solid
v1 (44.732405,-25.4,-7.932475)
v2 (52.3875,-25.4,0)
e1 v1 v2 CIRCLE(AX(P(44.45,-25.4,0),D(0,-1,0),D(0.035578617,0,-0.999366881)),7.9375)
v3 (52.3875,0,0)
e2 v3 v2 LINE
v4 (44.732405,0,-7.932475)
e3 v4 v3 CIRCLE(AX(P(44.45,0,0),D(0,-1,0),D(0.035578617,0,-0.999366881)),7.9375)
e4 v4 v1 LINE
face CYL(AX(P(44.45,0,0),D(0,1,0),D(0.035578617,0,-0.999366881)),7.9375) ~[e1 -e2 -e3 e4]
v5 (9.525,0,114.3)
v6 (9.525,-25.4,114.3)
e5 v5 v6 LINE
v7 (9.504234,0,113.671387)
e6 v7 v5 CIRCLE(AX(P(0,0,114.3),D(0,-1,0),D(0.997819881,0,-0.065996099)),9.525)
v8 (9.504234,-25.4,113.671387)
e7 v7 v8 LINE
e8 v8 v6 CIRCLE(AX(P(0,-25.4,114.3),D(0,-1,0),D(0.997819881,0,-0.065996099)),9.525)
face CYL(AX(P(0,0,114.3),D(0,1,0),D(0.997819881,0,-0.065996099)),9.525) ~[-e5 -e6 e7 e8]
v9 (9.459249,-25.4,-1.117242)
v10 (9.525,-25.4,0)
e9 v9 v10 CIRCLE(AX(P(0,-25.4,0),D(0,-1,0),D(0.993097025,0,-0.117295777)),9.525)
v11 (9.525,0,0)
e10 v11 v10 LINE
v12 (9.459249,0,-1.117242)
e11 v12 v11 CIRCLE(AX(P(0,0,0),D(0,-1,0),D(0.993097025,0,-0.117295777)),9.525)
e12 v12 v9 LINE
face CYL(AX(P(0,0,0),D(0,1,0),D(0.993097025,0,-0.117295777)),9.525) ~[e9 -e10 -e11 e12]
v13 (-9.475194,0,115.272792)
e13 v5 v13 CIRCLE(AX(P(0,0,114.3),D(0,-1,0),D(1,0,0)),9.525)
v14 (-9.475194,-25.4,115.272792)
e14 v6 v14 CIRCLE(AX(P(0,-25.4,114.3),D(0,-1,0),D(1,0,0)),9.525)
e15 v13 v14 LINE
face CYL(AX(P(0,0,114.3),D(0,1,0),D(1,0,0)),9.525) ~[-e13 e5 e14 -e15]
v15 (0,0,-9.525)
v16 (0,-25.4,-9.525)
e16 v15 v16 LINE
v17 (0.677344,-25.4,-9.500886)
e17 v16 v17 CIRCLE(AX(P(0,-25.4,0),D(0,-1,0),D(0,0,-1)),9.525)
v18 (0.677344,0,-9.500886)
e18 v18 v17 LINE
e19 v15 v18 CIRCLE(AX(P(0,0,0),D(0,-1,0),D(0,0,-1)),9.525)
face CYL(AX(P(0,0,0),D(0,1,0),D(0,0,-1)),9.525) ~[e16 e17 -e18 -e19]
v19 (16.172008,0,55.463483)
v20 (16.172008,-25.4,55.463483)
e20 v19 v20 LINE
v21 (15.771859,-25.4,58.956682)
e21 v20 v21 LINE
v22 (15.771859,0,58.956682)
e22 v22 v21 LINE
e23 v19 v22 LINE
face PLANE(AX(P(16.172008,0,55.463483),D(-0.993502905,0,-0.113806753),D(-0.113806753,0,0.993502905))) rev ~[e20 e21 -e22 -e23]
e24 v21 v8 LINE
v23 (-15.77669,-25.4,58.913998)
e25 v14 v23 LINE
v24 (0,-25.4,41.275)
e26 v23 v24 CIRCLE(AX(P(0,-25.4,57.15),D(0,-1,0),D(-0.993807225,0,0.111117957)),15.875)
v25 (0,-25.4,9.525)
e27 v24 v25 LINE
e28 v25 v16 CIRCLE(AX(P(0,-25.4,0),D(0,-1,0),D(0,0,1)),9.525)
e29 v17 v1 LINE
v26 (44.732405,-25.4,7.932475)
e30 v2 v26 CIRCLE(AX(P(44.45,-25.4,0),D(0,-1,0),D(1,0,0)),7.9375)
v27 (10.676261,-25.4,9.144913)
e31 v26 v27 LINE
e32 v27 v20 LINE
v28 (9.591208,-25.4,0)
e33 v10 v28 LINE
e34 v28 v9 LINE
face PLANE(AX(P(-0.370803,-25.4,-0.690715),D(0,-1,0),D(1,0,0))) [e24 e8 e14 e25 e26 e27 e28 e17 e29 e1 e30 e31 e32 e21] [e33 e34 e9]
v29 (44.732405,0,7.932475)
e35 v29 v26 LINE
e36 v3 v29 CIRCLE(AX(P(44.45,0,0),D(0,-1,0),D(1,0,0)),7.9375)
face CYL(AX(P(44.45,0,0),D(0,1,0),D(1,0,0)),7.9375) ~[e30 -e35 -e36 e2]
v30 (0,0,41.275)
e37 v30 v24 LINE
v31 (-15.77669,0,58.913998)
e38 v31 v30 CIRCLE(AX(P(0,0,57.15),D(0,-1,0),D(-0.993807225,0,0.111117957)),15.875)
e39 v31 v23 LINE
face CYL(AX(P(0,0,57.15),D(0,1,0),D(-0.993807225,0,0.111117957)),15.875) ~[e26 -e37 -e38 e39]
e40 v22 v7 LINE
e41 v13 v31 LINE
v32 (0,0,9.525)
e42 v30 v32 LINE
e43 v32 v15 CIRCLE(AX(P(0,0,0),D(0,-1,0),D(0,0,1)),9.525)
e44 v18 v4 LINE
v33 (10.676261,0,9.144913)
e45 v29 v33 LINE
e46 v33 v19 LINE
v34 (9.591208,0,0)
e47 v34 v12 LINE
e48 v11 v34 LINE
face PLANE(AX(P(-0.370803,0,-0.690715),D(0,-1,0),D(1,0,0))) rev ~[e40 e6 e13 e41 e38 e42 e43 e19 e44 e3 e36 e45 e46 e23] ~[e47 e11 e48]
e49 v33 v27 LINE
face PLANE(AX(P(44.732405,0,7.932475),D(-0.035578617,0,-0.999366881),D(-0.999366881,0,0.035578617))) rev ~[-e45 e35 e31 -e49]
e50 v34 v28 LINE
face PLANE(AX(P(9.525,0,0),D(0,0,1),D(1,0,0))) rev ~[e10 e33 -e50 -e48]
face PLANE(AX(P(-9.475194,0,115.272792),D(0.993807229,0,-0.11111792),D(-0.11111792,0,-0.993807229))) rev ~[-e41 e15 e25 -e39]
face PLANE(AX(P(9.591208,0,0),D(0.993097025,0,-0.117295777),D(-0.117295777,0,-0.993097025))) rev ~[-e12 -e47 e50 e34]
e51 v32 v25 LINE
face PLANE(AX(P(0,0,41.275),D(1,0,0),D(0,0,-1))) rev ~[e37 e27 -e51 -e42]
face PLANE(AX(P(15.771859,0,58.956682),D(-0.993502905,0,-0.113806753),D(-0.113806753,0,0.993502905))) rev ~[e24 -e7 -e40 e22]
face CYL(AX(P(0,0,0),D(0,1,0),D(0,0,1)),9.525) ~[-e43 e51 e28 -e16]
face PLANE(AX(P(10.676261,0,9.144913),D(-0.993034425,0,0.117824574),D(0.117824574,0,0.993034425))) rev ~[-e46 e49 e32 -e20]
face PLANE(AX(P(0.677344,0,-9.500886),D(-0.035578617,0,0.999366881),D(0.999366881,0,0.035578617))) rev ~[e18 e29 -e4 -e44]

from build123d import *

# Parameters (mm, degrees)
F1_DEPTH = 25.4
F2_DEPTH = 25.4


with BuildPart() as f1:
    # F0 (on Front) → F1 (new body)
    with BuildSketch(Plane.XZ):
        with BuildLine():
            Line((0, 0), (0, 9.525))
            ThreePointArc((0, 9.525), (-9.525, 0), (0, -9.525))
            Line((0, -9.525), (0.6773435479, -9.500885786))
            ThreePointArc((0.6773435479, -9.500885786), (6.5771572573, -6.8896028487), (9.4592491619, -1.117242271))
            ThreePointArc((9.4592491619, -1.117242271), (9.5085480823, -0.5595876752), (9.525, 0))
            Line((9.525, 0), (0, 0))
        make_face()
        with BuildLine():
            Line((0, 41.275), (0, 9.525))
            ThreePointArc((0, 9.525), (0.3388863295, 9.5189695375), (0.6773435479, 9.500885786))
            Line((0.6773435479, 9.500885786), (10.676261341, 9.1449127433))
            Line((10.676261341, 9.1449127433), (16.1720081428, 55.4634825416))
            Line((16.1720081428, 55.4634825416), (15.771858623, 58.9566822016))
            ThreePointArc((15.771858623, 58.9566822016), (15.8491936804, 58.0548119585), (15.875, 57.15))
            ThreePointArc((15.875, 57.15), (11.2253201513, 45.9246798487), (0, 41.275))
        make_face()
        with BuildLine():
            Line((0.6773435479, 9.500885786), (0, 9.525))
            Line((0, 9.525), (0, 0))
            Line((0, 0), (9.525, 0))
            ThreePointArc((9.525, 0), (6.9705567315, 6.4912990883), (0.6773435479, 9.500885786))
        make_face()
        with BuildLine():
            ThreePointArc((0.6773435479, 9.500885786), (0.3388863295, 9.5189695375), (0, 9.525))
            Line((0, 9.525), (0.6773435479, 9.500885786))
        make_face()
        with BuildLine():
            Line((0.6773435479, -9.500885786), (0, -9.525))
            ThreePointArc((0, -9.525), (0.3388863295, -9.5189695375), (0.6773435479, -9.500885786))
        make_face()
        with BuildLine():
            Line((10.676261341, 9.1449127433), (0.6773435479, 9.500885786))
            ThreePointArc((0.6773435479, 9.500885786), (6.9705567315, 6.4912990883), (9.525, 0))
            Line((9.525, 0), (9.5912078693, 0))
            Line((9.5912078693, 0), (10.676261341, 9.1449127433))
        make_face()
        with BuildLine():
            Line((0, 73.025), (0, 41.275))
            ThreePointArc((0, 41.275), (11.2253201513, 45.9246798487), (15.875, 57.15))
            ThreePointArc((15.875, 57.15), (15.8491936804, 58.0548119585), (15.771858623, 58.9566822016))
            ThreePointArc((15.771858623, 58.9566822016), (10.5672736562, 68.9968709993), (0, 73.025))
        make_face()
        with BuildLine():
            ThreePointArc((-15.7766896907, 58.9139975635), (-11.8325628315, 46.5667074197), (0, 41.275))
            Line((0, 41.275), (0, 73.025))
            ThreePointArc((0, 73.025), (-10.5832925803, 68.9825628315), (-15.7766896907, 58.9139975635))
        make_face()
        with BuildLine():
            ThreePointArc((9.4592491619, -1.117242271), (6.5771572573, -6.8896028487), (0.6773435479, -9.500885786))
            Line((0.6773435479, -9.500885786), (44.7324052746, -7.9324746146))
            ThreePointArc((44.7324052746, -7.9324746146), (38.9380895153, -5.7116327839), (36.5125, 0))
            Line((36.5125, 0), (9.5912078693, 0))
            Line((9.5912078693, 0), (9.4592491619, -1.117242271))
        make_face()
        with BuildLine():
            Line((44.7324052746, 7.9324746146), (10.676261341, 9.1449127433))
            Line((10.676261341, 9.1449127433), (9.5912078693, 0))
            Line((9.5912078693, 0), (36.5125, 0))
            ThreePointArc((36.5125, 0), (38.9380895153, 5.7116327839), (44.7324052746, 7.9324746146))
        make_face()
        with BuildLine():
            Line((-9.4751940083, 115.2727916044), (-15.7766896907, 58.9139975635))
            ThreePointArc((-15.7766896907, 58.9139975635), (-10.5832925803, 68.9825628315), (0, 73.025))
            Line((0, 73.025), (0, 104.775))
            ThreePointArc((0, 104.775), (-7.0707660487, 107.9180024691), (-9.4751940083, 115.2727916044))
        make_face()
        with BuildLine():
            Line((0, 104.775), (0, 73.025))
            ThreePointArc((0, 73.025), (10.5672736562, 68.9968709993), (15.771858623, 58.9566822016))
            Line((15.771858623, 58.9566822016), (9.5042343668, 113.6713871614))
            ThreePointArc((9.5042343668, 113.6713871614), (6.5091507784, 107.3461103587), (0, 104.775))
        make_face()
        with BuildLine():
            ThreePointArc((36.5125, 0), (38.9380895153, -5.7116327839), (44.7324052746, -7.9324746146))
            ThreePointArc((44.7324052746, -7.9324746146), (50.1616327839, -5.5119104847), (52.3875, 0))
            ThreePointArc((52.3875, 0), (50.1616327839, 5.5119104847), (44.7324052746, 7.9324746146))
            ThreePointArc((44.7324052746, 7.9324746146), (38.9380895153, 5.7116327839), (36.5125, 0))
        make_face()
        with BuildLine():
            ThreePointArc((9.525, 114.3), (0.4870328896, 123.8125403528), (-9.4751940083, 115.2727916044))
            ThreePointArc((-9.4751940083, 115.2727916044), (-7.0707660487, 107.9180024691), (0, 104.775))
            ThreePointArc((0, 104.775), (6.5091507784, 107.3461103587), (9.5042343668, 113.6713871614))
            ThreePointArc((9.5042343668, 113.6713871614), (9.5198071762, 113.9855221342), (9.525, 114.3))
        make_face()
    extrude(amount=F1_DEPTH)

    # F0 (on Front) → F2 (join)
    with BuildSketch(Plane.XZ):
        with BuildLine():
            Line((0, 0), (0, 9.525))
            ThreePointArc((0, 9.525), (-9.525, 0), (0, -9.525))
            Line((0, -9.525), (0.6773435479, -9.500885786))
            ThreePointArc((0.6773435479, -9.500885786), (6.5771572573, -6.8896028487), (9.4592491619, -1.117242271))
            ThreePointArc((9.4592491619, -1.117242271), (9.5085480823, -0.5595876752), (9.525, 0))
            Line((9.525, 0), (0, 0))
        make_face()
        with BuildLine():
            Line((0, 41.275), (0, 9.525))
            ThreePointArc((0, 9.525), (0.3388863295, 9.5189695375), (0.6773435479, 9.500885786))
            Line((0.6773435479, 9.500885786), (10.676261341, 9.1449127433))
            Line((10.676261341, 9.1449127433), (16.1720081428, 55.4634825416))
            Line((16.1720081428, 55.4634825416), (15.771858623, 58.9566822016))
            ThreePointArc((15.771858623, 58.9566822016), (15.8491936804, 58.0548119585), (15.875, 57.15))
            ThreePointArc((15.875, 57.15), (11.2253201513, 45.9246798487), (0, 41.275))
        make_face()
        with BuildLine():
            Line((0.6773435479, 9.500885786), (0, 9.525))
            Line((0, 9.525), (0, 0))
            Line((0, 0), (9.525, 0))
            ThreePointArc((9.525, 0), (6.9705567315, 6.4912990883), (0.6773435479, 9.500885786))
        make_face()
        with BuildLine():
            ThreePointArc((0.6773435479, 9.500885786), (0.3388863295, 9.5189695375), (0, 9.525))
            Line((0, 9.525), (0.6773435479, 9.500885786))
        make_face()
        with BuildLine():
            Line((0.6773435479, -9.500885786), (0, -9.525))
            ThreePointArc((0, -9.525), (0.3388863295, -9.5189695375), (0.6773435479, -9.500885786))
        make_face()
        with BuildLine():
            Line((10.676261341, 9.1449127433), (0.6773435479, 9.500885786))
            ThreePointArc((0.6773435479, 9.500885786), (6.9705567315, 6.4912990883), (9.525, 0))
            Line((9.525, 0), (9.5912078693, 0))
            Line((9.5912078693, 0), (10.676261341, 9.1449127433))
        make_face()
        with BuildLine():
            Line((0, 73.025), (0, 41.275))
            ThreePointArc((0, 41.275), (11.2253201513, 45.9246798487), (15.875, 57.15))
            ThreePointArc((15.875, 57.15), (15.8491936804, 58.0548119585), (15.771858623, 58.9566822016))
            ThreePointArc((15.771858623, 58.9566822016), (10.5672736562, 68.9968709993), (0, 73.025))
        make_face()
        with BuildLine():
            ThreePointArc((-15.7766896907, 58.9139975635), (-11.8325628315, 46.5667074197), (0, 41.275))
            Line((0, 41.275), (0, 73.025))
            ThreePointArc((0, 73.025), (-10.5832925803, 68.9825628315), (-15.7766896907, 58.9139975635))
        make_face()
        with BuildLine():
            ThreePointArc((9.4592491619, -1.117242271), (6.5771572573, -6.8896028487), (0.6773435479, -9.500885786))
            Line((0.6773435479, -9.500885786), (44.7324052746, -7.9324746146))
            ThreePointArc((44.7324052746, -7.9324746146), (38.9380895153, -5.7116327839), (36.5125, 0))
            Line((36.5125, 0), (9.5912078693, 0))
            Line((9.5912078693, 0), (9.4592491619, -1.117242271))
        make_face()
        with BuildLine():
            Line((44.7324052746, 7.9324746146), (10.676261341, 9.1449127433))
            Line((10.676261341, 9.1449127433), (9.5912078693, 0))
            Line((9.5912078693, 0), (36.5125, 0))
            ThreePointArc((36.5125, 0), (38.9380895153, 5.7116327839), (44.7324052746, 7.9324746146))
        make_face()
        with BuildLine():
            Line((-9.4751940083, 115.2727916044), (-15.7766896907, 58.9139975635))
            ThreePointArc((-15.7766896907, 58.9139975635), (-10.5832925803, 68.9825628315), (0, 73.025))
            Line((0, 73.025), (0, 104.775))
            ThreePointArc((0, 104.775), (-7.0707660487, 107.9180024691), (-9.4751940083, 115.2727916044))
        make_face()
        with BuildLine():
            Line((0, 104.775), (0, 73.025))
            ThreePointArc((0, 73.025), (10.5672736562, 68.9968709993), (15.771858623, 58.9566822016))
            Line((15.771858623, 58.9566822016), (9.5042343668, 113.6713871614))
            ThreePointArc((9.5042343668, 113.6713871614), (6.5091507784, 107.3461103587), (0, 104.775))
        make_face()
        with BuildLine():
            ThreePointArc((36.5125, 0), (38.9380895153, -5.7116327839), (44.7324052746, -7.9324746146))
            ThreePointArc((44.7324052746, -7.9324746146), (50.1616327839, -5.5119104847), (52.3875, 0))
            ThreePointArc((52.3875, 0), (50.1616327839, 5.5119104847), (44.7324052746, 7.9324746146))
            ThreePointArc((44.7324052746, 7.9324746146), (38.9380895153, 5.7116327839), (36.5125, 0))
        make_face()
        with BuildLine():
            ThreePointArc((9.525, 114.3), (0.4870328896, 123.8125403528), (-9.4751940083, 115.2727916044))
            ThreePointArc((-9.4751940083, 115.2727916044), (-7.0707660487, 107.9180024691), (0, 104.775))
            ThreePointArc((0, 104.775), (6.5091507784, 107.3461103587), (9.5042343668, 113.6713871614))
            ThreePointArc((9.5042343668, 113.6713871614), (9.5198071762, 113.9855221342), (9.525, 114.3))
        make_face()
    extrude(amount=F2_DEPTH)


solid = f1.part
